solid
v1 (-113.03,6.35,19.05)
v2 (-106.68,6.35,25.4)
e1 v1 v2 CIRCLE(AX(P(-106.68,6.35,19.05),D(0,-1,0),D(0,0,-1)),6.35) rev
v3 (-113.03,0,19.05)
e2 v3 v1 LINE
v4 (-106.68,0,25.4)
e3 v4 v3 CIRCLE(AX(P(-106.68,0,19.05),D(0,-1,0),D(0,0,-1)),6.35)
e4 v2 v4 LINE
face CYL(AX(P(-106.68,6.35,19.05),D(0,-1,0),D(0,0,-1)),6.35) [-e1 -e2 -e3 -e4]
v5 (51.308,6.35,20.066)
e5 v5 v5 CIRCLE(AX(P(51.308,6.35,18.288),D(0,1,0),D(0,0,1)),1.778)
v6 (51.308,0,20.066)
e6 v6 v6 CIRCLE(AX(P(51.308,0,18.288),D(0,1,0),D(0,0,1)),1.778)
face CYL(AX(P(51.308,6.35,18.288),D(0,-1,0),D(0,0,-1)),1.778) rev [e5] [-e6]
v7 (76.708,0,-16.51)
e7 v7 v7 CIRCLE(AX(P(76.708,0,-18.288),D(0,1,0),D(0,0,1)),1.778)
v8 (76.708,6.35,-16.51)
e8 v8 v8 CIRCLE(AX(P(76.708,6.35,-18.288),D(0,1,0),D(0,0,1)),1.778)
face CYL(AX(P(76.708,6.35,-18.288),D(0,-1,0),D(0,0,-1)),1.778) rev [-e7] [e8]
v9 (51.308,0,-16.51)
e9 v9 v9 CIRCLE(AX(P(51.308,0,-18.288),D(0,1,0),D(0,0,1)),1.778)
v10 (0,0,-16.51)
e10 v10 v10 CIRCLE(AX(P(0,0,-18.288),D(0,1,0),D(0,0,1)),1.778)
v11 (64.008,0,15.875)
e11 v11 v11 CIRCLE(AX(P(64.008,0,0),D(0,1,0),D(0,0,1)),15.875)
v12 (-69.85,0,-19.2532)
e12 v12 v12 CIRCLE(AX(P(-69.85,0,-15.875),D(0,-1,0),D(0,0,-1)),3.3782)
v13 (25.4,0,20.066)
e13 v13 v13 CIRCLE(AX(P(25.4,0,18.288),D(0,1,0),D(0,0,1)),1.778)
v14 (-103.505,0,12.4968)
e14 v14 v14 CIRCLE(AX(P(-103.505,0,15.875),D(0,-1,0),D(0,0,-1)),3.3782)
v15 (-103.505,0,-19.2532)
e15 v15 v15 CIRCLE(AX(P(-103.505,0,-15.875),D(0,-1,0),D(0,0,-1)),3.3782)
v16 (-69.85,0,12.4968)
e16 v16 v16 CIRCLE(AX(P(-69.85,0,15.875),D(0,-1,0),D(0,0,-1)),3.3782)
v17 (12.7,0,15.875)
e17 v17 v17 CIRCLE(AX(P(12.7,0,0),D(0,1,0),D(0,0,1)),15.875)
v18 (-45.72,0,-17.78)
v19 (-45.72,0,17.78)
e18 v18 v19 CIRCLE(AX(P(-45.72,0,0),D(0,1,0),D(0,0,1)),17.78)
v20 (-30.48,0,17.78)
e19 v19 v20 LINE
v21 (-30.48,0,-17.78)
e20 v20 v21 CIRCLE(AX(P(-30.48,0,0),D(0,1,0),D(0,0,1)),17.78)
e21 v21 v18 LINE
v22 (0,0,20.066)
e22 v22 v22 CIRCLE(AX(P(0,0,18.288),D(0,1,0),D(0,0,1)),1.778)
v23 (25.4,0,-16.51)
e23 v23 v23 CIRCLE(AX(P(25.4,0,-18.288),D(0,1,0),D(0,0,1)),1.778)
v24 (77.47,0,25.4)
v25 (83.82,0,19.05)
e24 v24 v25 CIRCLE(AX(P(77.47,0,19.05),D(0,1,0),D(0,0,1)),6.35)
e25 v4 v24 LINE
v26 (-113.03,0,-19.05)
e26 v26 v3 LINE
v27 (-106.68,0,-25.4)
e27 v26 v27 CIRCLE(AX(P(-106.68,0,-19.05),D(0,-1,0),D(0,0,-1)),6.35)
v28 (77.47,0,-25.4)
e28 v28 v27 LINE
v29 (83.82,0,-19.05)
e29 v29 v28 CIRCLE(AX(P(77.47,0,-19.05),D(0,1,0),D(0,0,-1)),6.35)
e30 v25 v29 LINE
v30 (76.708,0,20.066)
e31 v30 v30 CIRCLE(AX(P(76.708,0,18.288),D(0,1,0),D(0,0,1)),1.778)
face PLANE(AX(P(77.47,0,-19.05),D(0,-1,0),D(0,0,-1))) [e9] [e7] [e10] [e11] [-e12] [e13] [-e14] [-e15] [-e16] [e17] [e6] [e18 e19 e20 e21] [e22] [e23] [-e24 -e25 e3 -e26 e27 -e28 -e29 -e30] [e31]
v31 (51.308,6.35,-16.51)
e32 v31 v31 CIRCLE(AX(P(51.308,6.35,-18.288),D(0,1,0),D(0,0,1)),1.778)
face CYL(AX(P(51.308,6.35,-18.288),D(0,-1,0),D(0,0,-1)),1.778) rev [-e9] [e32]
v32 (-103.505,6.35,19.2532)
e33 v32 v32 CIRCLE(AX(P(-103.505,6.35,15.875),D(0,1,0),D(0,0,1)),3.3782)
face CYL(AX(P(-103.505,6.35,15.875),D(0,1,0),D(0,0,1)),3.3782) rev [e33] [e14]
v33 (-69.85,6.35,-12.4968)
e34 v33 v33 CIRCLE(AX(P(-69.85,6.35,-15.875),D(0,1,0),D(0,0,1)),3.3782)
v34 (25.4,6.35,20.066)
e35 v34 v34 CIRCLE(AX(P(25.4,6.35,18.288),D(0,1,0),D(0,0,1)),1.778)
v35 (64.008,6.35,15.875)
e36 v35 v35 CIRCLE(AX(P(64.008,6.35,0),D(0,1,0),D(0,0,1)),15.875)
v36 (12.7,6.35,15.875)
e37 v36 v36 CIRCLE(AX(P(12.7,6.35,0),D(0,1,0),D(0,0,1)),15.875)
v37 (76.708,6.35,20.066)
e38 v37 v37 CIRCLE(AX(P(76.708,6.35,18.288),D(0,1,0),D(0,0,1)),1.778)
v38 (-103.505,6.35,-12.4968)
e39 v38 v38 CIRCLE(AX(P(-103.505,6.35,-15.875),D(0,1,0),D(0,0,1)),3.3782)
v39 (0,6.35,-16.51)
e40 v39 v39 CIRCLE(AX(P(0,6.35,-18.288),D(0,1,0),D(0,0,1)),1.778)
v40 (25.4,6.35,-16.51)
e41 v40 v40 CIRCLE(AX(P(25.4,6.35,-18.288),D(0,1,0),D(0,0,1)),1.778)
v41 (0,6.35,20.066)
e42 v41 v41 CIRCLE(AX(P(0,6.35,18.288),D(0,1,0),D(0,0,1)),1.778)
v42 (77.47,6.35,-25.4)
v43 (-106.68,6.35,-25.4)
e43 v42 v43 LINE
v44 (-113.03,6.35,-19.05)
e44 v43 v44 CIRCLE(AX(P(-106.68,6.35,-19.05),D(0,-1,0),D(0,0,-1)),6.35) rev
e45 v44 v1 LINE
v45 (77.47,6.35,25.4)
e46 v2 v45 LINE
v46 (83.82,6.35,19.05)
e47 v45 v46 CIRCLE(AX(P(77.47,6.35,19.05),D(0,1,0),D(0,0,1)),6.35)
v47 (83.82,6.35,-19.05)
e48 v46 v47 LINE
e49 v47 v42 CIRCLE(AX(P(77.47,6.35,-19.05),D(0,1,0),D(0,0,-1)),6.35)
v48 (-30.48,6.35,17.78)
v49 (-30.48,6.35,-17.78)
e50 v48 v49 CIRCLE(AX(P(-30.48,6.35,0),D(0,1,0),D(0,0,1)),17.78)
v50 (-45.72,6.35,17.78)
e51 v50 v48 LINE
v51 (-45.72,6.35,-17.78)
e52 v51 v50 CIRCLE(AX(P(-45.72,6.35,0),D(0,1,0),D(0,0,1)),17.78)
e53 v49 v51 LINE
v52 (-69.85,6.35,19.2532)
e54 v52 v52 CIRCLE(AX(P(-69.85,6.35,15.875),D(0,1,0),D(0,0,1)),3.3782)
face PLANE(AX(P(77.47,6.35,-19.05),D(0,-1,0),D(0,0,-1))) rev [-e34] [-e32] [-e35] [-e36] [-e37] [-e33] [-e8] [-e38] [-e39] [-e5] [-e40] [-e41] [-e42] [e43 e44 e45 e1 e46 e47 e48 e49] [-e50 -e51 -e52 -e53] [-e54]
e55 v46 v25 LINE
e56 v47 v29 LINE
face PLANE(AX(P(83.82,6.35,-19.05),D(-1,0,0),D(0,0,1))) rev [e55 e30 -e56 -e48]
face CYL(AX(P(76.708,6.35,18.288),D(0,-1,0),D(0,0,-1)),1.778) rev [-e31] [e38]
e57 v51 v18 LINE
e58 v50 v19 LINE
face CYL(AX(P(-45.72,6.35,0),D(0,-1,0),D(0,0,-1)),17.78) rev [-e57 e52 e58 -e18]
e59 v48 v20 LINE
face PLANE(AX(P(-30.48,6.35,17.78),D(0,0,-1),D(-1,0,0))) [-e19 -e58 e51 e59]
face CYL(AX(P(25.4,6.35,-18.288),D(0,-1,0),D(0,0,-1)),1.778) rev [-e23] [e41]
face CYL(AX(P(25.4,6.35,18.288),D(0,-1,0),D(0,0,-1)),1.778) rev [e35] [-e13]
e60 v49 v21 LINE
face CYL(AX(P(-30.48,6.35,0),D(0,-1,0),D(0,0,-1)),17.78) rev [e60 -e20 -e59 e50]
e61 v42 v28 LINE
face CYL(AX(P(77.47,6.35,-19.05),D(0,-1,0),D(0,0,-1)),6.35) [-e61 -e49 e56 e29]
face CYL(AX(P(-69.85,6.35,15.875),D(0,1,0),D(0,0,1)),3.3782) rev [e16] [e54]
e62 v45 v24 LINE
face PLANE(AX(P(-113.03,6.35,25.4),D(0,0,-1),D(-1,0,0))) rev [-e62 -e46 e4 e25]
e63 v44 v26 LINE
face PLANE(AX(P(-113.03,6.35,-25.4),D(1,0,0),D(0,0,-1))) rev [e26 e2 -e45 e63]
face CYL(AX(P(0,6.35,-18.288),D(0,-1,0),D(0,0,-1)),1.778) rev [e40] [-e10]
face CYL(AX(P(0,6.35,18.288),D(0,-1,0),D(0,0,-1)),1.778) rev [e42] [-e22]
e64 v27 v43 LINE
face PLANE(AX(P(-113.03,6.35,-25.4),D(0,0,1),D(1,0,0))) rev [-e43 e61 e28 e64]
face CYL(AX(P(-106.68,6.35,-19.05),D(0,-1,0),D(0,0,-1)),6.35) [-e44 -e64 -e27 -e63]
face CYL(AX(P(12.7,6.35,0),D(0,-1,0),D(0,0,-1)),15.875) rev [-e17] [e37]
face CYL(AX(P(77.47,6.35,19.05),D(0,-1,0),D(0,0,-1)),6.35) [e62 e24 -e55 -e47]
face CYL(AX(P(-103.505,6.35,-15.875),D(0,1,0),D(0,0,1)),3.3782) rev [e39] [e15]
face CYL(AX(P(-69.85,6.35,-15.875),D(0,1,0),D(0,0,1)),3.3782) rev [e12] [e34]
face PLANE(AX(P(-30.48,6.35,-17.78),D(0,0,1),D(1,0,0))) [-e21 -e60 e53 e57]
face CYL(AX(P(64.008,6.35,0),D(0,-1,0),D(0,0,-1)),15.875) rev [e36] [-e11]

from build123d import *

# Parameters (mm, degrees)
SKETCH1_R                   = 15.875
SKETCH1_R_2                 = 1.778
BOSS_EXTRUDE1_DEPTH         = 6.35
F_1_4_CLEARANCE_HOLE2_D     = 6.7564
F_1_4_CLEARANCE_HOLE2_DEPTH = 6.35
FILLET1_R                   = 6.35


with BuildPart() as part:
    # Sketch1 → Boss-Extrude1 (new body)
    with BuildSketch(Plane(origin=(0, 0, 0), x_dir=(1, 0, 0), z_dir=(0, 1, 0))):
        with BuildLine():
            Line((-113.03, 25.4), (-113.03, -25.4))
            Line((-113.03, -25.4), (77.47, -25.4))
            ThreePointArc((77.47, -25.4), (81.960128061, -23.540128061), (83.82, -19.05))
            Line((83.82, -19.05), (83.82, 19.05))
            ThreePointArc((83.82, 19.05), (81.960128061, 23.540128061), (77.47, 25.4))
            Line((77.47, 25.4), (-113.03, 25.4))
        make_face()
        with Locations((12.7, 0)):
            Circle(SKETCH1_R, mode=Mode.SUBTRACT)
        with Locations((64.008, 0)):
            Circle(SKETCH1_R, mode=Mode.SUBTRACT)
        with Locations((0, 18.288)):
            Circle(SKETCH1_R_2, mode=Mode.SUBTRACT)
        with Locations((25.4, 18.288)):
            Circle(SKETCH1_R_2, mode=Mode.SUBTRACT)
        with Locations((51.308, 18.288)):
            Circle(SKETCH1_R_2, mode=Mode.SUBTRACT)
        with Locations((76.708, 18.288)):
            Circle(SKETCH1_R_2, mode=Mode.SUBTRACT)
        with Locations((0, -18.288)):
            Circle(SKETCH1_R_2, mode=Mode.SUBTRACT)
        with Locations((25.4, -18.288)):
            Circle(SKETCH1_R_2, mode=Mode.SUBTRACT)
        with Locations((51.308, -18.288)):
            Circle(SKETCH1_R_2, mode=Mode.SUBTRACT)
        with Locations((76.708, -18.288)):
            Circle(SKETCH1_R_2, mode=Mode.SUBTRACT)
        with BuildLine():
            Line((-30.48, 17.78), (-45.72, 17.78))
            ThreePointArc((-45.72, 17.78), (-63.5, 0), (-45.72, -17.78))
            Line((-45.72, -17.78), (-30.48, -17.78))
            ThreePointArc((-30.48, -17.78), (-12.7, 0), (-30.48, 17.78))
        make_face(mode=Mode.SUBTRACT)
    extrude(amount=BOSS_EXTRUDE1_DEPTH)

    # 1/4 Clearance Hole2
    with Locations(Plane(origin=(0, 6.35, 0), x_dir=(1, 0, 0), z_dir=(0, 1, 0))):
        with Locations((-103.505, 15.875), (-69.85, 15.875), (-69.85, -15.875), (-103.505, -15.875)):
            Hole(F_1_4_CLEARANCE_HOLE2_D / 2, depth=F_1_4_CLEARANCE_HOLE2_DEPTH)

    # Fillet1
    fillet1_edges = [part.edges().sort_by_distance(p)[0] for p in [
        (-113.03, 3.175, 25.4),
        (-113.03, 3.175, -25.4),
    ]]
    fillet(fillet1_edges, radius=FILLET1_R)


solid = part.part
